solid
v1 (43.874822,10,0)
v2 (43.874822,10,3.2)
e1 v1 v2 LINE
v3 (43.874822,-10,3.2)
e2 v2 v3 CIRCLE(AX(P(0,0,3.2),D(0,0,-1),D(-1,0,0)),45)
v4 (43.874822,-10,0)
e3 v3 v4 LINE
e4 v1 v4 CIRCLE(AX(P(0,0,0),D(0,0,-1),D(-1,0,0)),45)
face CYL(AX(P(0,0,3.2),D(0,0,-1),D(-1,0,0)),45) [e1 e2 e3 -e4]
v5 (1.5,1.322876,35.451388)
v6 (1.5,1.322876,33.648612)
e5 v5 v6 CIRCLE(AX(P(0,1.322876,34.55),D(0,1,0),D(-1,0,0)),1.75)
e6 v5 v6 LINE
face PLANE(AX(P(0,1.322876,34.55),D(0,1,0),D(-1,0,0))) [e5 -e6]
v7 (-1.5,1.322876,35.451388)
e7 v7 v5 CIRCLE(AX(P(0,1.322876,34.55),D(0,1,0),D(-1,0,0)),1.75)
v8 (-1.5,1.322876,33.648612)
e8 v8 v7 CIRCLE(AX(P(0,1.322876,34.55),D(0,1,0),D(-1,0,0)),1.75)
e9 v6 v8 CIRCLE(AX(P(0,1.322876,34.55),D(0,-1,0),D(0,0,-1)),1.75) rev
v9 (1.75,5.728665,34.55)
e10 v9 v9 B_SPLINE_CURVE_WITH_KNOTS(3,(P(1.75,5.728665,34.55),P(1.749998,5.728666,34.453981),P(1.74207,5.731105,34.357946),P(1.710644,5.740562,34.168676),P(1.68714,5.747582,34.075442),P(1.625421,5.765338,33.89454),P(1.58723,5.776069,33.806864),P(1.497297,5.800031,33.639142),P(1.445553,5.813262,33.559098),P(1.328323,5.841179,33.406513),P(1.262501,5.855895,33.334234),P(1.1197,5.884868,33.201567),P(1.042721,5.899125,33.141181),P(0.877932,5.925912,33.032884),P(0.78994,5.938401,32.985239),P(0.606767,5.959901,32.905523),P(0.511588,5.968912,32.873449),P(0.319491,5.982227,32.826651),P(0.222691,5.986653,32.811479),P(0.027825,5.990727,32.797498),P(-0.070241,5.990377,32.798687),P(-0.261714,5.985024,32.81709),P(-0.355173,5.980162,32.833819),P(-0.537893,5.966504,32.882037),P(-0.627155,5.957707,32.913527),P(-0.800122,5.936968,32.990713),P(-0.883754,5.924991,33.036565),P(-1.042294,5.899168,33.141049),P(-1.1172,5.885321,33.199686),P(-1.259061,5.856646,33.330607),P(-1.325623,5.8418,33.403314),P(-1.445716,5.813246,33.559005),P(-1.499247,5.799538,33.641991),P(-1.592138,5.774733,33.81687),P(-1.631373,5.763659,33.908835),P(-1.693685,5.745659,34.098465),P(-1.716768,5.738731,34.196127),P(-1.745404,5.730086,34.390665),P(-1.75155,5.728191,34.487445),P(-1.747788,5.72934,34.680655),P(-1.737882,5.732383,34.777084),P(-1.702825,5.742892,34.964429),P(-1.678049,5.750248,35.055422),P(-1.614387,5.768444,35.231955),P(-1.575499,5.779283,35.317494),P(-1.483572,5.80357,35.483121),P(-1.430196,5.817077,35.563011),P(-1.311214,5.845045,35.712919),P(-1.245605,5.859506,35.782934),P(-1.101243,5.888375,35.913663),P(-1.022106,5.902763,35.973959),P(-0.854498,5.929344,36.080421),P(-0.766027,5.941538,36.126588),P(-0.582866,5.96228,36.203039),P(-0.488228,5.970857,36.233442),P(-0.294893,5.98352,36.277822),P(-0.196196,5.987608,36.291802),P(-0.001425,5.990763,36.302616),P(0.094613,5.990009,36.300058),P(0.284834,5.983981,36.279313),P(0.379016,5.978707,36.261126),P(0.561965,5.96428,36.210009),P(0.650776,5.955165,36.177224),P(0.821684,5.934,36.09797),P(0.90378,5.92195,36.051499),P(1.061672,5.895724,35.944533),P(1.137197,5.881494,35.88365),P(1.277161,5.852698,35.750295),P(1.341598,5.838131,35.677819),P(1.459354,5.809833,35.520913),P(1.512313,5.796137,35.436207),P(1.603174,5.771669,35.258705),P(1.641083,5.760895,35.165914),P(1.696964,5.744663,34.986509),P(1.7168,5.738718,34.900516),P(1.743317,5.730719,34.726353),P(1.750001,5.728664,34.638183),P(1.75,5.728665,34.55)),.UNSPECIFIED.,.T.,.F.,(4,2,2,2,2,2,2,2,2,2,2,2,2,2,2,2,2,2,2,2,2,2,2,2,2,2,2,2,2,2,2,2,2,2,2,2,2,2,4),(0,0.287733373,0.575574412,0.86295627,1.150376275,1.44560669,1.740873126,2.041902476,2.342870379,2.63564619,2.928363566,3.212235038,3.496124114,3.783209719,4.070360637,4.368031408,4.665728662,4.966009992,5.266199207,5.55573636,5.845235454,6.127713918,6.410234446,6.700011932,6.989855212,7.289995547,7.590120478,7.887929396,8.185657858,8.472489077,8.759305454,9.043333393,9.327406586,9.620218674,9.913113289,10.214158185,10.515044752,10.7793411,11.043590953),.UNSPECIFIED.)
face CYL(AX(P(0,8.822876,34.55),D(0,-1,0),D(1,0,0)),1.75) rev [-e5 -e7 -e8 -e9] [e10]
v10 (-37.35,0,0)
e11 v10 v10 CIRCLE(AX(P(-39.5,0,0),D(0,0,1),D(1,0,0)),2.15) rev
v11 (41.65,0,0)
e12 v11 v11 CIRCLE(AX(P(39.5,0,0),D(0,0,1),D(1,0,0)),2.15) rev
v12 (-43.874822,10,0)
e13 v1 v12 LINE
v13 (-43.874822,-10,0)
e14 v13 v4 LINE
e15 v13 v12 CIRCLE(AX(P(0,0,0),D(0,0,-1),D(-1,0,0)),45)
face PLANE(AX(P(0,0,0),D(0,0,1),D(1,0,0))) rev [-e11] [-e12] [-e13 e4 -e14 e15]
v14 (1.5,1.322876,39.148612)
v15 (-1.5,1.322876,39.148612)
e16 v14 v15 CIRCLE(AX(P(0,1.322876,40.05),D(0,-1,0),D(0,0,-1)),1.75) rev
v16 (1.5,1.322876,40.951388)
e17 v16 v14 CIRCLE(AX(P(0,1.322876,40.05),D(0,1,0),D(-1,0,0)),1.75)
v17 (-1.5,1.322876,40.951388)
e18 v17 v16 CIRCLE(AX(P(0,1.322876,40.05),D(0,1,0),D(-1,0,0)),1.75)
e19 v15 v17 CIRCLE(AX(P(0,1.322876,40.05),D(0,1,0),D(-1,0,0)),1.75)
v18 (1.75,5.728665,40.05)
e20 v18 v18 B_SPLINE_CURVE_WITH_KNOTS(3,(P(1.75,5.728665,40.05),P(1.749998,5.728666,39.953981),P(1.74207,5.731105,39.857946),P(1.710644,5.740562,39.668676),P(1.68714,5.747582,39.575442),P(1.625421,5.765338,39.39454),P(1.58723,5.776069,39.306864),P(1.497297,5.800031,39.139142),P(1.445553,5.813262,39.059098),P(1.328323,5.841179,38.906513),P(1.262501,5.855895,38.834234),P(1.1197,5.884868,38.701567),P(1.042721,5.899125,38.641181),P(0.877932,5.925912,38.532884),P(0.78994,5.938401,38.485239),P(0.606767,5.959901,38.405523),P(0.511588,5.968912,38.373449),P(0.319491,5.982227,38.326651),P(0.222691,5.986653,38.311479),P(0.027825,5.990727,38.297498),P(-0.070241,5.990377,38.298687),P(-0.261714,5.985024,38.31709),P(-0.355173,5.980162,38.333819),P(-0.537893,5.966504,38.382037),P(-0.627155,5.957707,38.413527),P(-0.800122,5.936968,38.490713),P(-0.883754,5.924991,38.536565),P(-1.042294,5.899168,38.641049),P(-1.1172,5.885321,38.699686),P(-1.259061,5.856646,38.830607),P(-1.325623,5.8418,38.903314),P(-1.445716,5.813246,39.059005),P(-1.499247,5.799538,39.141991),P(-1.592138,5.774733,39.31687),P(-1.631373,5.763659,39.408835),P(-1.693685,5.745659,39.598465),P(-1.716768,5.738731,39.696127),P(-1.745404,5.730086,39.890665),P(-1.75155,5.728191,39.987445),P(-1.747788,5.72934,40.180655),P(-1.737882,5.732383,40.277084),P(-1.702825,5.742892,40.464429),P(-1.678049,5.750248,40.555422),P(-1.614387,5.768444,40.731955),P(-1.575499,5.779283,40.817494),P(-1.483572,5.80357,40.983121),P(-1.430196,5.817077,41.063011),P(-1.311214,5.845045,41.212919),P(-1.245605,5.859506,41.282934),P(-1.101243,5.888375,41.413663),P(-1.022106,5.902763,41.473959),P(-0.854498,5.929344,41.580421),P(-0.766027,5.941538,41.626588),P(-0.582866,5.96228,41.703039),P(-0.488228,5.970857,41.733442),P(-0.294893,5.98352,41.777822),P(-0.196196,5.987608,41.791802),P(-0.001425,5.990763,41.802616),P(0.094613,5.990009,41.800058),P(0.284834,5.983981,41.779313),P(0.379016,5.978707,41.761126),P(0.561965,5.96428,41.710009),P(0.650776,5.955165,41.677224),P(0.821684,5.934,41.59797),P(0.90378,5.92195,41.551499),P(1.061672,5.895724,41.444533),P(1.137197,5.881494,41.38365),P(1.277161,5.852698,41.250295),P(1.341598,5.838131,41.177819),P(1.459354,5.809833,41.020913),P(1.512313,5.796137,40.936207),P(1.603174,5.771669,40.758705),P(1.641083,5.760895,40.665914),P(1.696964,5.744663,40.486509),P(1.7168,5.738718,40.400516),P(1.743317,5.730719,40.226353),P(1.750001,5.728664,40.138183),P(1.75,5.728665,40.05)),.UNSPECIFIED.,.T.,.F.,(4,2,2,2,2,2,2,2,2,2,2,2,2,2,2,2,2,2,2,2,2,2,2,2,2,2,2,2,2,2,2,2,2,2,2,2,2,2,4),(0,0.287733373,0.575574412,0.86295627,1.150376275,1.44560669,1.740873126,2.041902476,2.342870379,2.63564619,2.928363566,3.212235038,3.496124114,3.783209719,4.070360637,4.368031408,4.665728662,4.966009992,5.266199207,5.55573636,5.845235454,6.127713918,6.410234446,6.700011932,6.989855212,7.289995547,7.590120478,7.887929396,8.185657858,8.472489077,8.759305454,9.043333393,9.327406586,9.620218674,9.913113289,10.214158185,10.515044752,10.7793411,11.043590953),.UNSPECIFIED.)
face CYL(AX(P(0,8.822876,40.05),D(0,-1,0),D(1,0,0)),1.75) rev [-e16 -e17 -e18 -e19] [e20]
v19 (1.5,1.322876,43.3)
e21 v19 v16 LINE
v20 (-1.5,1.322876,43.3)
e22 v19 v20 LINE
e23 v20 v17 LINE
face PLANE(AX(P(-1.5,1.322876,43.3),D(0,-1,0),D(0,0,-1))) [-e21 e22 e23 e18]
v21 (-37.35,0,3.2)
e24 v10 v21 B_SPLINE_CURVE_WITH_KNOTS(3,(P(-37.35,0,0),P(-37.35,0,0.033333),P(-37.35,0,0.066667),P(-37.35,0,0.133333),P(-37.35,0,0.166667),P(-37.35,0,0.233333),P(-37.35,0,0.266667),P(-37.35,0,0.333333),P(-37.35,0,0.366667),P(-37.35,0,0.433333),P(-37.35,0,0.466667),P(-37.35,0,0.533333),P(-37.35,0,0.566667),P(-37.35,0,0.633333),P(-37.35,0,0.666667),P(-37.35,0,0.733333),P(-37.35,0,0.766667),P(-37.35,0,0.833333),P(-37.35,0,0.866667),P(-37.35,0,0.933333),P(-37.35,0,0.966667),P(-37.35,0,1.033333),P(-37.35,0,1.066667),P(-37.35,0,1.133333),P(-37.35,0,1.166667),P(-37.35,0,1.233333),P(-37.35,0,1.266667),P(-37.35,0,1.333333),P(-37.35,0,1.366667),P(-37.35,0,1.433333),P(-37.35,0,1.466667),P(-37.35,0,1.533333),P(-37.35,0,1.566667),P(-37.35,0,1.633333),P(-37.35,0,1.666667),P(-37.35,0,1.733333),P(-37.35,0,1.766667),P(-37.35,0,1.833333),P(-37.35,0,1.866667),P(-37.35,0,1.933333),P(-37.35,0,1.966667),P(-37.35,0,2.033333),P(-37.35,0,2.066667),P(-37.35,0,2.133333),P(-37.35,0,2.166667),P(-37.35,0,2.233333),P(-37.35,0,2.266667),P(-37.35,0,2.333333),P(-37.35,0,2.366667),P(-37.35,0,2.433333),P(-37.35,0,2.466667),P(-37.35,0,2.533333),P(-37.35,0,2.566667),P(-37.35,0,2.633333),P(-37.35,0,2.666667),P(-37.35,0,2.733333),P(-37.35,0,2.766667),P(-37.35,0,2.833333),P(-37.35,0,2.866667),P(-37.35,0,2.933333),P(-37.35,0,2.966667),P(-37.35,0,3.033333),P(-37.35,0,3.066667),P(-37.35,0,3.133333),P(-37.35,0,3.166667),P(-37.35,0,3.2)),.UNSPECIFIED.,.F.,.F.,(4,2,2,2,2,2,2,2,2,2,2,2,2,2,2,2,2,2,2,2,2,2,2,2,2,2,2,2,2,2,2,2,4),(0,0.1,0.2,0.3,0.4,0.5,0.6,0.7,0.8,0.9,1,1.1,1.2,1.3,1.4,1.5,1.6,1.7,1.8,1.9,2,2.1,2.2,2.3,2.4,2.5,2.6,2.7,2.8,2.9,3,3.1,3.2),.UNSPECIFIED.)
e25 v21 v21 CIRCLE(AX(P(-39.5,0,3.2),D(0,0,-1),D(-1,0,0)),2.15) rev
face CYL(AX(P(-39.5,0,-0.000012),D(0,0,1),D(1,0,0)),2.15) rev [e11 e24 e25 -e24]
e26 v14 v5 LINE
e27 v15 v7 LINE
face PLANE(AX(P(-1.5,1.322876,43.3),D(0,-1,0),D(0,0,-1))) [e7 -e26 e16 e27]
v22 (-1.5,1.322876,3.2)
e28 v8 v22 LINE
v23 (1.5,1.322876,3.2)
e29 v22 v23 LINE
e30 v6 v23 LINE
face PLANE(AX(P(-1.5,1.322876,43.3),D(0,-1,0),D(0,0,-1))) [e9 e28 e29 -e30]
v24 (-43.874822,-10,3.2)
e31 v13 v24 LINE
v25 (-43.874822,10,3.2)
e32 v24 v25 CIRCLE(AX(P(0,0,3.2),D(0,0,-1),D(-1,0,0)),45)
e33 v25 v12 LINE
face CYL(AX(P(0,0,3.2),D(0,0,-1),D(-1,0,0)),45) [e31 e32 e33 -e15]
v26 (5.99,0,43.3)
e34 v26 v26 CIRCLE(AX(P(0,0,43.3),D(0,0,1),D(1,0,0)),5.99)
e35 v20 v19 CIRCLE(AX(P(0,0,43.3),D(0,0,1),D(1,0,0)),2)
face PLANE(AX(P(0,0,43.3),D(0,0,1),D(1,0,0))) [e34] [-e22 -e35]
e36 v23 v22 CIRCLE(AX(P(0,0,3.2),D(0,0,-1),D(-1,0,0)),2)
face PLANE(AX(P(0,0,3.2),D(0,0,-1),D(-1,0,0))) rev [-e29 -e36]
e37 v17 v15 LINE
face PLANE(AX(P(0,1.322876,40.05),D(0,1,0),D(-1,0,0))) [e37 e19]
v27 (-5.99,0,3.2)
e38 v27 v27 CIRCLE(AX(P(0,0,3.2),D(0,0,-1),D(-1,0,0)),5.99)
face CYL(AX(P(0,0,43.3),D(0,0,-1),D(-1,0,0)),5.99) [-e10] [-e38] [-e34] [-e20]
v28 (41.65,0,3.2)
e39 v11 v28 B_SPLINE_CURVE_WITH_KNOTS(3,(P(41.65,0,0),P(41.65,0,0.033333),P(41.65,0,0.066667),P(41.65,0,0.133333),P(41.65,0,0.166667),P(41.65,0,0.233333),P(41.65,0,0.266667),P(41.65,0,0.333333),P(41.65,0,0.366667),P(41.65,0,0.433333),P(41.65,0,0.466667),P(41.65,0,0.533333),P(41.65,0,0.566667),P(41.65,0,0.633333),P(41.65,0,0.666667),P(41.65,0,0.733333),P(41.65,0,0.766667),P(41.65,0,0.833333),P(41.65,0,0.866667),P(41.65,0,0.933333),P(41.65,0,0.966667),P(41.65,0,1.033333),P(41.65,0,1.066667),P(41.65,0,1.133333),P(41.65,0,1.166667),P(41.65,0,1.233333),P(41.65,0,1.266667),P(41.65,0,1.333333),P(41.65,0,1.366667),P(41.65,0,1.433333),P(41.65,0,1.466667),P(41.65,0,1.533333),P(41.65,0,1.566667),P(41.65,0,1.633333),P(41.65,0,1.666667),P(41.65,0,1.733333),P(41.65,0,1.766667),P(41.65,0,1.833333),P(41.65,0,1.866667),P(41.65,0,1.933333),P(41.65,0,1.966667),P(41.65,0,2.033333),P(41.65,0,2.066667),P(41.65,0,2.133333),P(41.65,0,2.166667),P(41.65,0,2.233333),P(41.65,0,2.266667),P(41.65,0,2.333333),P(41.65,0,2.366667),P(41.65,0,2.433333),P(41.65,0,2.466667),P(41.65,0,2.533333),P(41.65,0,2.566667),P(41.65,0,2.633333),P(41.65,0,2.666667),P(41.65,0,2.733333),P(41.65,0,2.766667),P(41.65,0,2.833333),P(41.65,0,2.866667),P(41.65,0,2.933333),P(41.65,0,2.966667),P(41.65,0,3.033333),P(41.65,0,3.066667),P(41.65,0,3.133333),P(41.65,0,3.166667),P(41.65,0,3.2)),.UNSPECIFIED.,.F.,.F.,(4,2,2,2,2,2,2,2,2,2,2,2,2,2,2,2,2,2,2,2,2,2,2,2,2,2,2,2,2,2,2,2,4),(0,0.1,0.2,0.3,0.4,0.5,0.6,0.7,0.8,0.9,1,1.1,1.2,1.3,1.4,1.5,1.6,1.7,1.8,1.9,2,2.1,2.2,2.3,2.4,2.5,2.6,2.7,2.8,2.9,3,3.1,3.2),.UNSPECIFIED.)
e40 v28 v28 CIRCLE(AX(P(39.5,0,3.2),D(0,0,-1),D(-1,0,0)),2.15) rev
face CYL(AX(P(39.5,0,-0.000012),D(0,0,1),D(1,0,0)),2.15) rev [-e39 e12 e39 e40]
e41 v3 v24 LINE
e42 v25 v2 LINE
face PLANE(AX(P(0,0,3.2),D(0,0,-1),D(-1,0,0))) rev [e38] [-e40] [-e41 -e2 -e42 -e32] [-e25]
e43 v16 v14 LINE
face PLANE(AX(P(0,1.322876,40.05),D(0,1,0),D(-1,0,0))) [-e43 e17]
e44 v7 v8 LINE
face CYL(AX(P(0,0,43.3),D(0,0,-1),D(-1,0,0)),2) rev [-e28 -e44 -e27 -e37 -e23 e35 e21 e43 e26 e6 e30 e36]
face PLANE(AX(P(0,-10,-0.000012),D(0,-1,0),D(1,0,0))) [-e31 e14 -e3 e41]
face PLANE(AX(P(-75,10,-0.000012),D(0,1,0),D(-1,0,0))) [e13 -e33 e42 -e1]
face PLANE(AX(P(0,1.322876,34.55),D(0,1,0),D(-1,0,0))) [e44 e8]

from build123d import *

# Parameters (mm, degrees)
CROQUIS1_R                 = 5.99
SALIENTE_EXTRUIR1_DEPTH    = 43.3
CROQUIS2_R                 = 1.75
CORTAR_EXTRUIR1_DEPTH      = 7.5
CROQUIS3_R                 = 45
SALIENTE_EXTRUIR2_DEPTH    = 3.2
CORTAR_EXTRUIR2_DEPTH      = 77.973307118
CORTAR_EXTRUIR2_DEPTH_BACK = 5
CROQUIS5_R                 = 2.15


with BuildPart() as part:
    # Croquis1 → Saliente-Extruir1 (new body)
    with BuildSketch(Plane.XY):
        with Locations(Location((0, 0, 0), (0, 0, 180))):
            Circle(CROQUIS1_R)
        with BuildLine():
            Line((-1.5, 1.322875656), (1.5, 1.322875656))
            ThreePointArc((1.5, 1.322875656), (0, -2), (-1.5, 1.322875656))
        make_face(mode=Mode.SUBTRACT)
    extrude(amount=SALIENTE_EXTRUIR1_DEPTH)

    # Croquis2 → Cortar-Extruir1 (cut)
    with BuildSketch(Plane(origin=(0, 1.322875656, 0), x_dir=(1, 0, 0), z_dir=(0, 1, 0))):
        with Locations((0, -40.05)):
            Circle(CROQUIS2_R)
        with Locations((0, -34.55)):
            Circle(CROQUIS2_R)
    extrude(amount=CORTAR_EXTRUIR1_DEPTH, mode=Mode.SUBTRACT)

    # Croquis3 → Saliente-Extruir2 (add)
    with BuildSketch(Plane(origin=(0, 0, 0), x_dir=(-1, 0, 0), z_dir=(0, 0, -1))):
        Circle(CROQUIS3_R)
    extrude(amount=-SALIENTE_EXTRUIR2_DEPTH)

    # Croquis5 → Cortar-Extruir2 (cut, two sides: drawn at the far end of the back side and taken through both)
    with BuildSketch(Plane(origin=(0, 0, 0), x_dir=(-1, 0, 0), z_dir=(0, 0, -1)).offset(-CORTAR_EXTRUIR2_DEPTH_BACK)):
        with Locations(Location((-39.5, 0, 0), (0, 0, 180))):
            Circle(CROQUIS5_R)
        with Locations(Location((39.5, 0, 0), (0, 0, 180))):
            Circle(CROQUIS5_R)
        Polygon((0, 10), (-75, 10), (-75, 50), (75, 50), (75, 10), align=None)
        Polygon((75, -50), (75, -10), (0, -10), (-75, -10), (-75, -50), align=None)
    extrude(amount=CORTAR_EXTRUIR2_DEPTH + CORTAR_EXTRUIR2_DEPTH_BACK, mode=Mode.SUBTRACT)


solid = part.part
